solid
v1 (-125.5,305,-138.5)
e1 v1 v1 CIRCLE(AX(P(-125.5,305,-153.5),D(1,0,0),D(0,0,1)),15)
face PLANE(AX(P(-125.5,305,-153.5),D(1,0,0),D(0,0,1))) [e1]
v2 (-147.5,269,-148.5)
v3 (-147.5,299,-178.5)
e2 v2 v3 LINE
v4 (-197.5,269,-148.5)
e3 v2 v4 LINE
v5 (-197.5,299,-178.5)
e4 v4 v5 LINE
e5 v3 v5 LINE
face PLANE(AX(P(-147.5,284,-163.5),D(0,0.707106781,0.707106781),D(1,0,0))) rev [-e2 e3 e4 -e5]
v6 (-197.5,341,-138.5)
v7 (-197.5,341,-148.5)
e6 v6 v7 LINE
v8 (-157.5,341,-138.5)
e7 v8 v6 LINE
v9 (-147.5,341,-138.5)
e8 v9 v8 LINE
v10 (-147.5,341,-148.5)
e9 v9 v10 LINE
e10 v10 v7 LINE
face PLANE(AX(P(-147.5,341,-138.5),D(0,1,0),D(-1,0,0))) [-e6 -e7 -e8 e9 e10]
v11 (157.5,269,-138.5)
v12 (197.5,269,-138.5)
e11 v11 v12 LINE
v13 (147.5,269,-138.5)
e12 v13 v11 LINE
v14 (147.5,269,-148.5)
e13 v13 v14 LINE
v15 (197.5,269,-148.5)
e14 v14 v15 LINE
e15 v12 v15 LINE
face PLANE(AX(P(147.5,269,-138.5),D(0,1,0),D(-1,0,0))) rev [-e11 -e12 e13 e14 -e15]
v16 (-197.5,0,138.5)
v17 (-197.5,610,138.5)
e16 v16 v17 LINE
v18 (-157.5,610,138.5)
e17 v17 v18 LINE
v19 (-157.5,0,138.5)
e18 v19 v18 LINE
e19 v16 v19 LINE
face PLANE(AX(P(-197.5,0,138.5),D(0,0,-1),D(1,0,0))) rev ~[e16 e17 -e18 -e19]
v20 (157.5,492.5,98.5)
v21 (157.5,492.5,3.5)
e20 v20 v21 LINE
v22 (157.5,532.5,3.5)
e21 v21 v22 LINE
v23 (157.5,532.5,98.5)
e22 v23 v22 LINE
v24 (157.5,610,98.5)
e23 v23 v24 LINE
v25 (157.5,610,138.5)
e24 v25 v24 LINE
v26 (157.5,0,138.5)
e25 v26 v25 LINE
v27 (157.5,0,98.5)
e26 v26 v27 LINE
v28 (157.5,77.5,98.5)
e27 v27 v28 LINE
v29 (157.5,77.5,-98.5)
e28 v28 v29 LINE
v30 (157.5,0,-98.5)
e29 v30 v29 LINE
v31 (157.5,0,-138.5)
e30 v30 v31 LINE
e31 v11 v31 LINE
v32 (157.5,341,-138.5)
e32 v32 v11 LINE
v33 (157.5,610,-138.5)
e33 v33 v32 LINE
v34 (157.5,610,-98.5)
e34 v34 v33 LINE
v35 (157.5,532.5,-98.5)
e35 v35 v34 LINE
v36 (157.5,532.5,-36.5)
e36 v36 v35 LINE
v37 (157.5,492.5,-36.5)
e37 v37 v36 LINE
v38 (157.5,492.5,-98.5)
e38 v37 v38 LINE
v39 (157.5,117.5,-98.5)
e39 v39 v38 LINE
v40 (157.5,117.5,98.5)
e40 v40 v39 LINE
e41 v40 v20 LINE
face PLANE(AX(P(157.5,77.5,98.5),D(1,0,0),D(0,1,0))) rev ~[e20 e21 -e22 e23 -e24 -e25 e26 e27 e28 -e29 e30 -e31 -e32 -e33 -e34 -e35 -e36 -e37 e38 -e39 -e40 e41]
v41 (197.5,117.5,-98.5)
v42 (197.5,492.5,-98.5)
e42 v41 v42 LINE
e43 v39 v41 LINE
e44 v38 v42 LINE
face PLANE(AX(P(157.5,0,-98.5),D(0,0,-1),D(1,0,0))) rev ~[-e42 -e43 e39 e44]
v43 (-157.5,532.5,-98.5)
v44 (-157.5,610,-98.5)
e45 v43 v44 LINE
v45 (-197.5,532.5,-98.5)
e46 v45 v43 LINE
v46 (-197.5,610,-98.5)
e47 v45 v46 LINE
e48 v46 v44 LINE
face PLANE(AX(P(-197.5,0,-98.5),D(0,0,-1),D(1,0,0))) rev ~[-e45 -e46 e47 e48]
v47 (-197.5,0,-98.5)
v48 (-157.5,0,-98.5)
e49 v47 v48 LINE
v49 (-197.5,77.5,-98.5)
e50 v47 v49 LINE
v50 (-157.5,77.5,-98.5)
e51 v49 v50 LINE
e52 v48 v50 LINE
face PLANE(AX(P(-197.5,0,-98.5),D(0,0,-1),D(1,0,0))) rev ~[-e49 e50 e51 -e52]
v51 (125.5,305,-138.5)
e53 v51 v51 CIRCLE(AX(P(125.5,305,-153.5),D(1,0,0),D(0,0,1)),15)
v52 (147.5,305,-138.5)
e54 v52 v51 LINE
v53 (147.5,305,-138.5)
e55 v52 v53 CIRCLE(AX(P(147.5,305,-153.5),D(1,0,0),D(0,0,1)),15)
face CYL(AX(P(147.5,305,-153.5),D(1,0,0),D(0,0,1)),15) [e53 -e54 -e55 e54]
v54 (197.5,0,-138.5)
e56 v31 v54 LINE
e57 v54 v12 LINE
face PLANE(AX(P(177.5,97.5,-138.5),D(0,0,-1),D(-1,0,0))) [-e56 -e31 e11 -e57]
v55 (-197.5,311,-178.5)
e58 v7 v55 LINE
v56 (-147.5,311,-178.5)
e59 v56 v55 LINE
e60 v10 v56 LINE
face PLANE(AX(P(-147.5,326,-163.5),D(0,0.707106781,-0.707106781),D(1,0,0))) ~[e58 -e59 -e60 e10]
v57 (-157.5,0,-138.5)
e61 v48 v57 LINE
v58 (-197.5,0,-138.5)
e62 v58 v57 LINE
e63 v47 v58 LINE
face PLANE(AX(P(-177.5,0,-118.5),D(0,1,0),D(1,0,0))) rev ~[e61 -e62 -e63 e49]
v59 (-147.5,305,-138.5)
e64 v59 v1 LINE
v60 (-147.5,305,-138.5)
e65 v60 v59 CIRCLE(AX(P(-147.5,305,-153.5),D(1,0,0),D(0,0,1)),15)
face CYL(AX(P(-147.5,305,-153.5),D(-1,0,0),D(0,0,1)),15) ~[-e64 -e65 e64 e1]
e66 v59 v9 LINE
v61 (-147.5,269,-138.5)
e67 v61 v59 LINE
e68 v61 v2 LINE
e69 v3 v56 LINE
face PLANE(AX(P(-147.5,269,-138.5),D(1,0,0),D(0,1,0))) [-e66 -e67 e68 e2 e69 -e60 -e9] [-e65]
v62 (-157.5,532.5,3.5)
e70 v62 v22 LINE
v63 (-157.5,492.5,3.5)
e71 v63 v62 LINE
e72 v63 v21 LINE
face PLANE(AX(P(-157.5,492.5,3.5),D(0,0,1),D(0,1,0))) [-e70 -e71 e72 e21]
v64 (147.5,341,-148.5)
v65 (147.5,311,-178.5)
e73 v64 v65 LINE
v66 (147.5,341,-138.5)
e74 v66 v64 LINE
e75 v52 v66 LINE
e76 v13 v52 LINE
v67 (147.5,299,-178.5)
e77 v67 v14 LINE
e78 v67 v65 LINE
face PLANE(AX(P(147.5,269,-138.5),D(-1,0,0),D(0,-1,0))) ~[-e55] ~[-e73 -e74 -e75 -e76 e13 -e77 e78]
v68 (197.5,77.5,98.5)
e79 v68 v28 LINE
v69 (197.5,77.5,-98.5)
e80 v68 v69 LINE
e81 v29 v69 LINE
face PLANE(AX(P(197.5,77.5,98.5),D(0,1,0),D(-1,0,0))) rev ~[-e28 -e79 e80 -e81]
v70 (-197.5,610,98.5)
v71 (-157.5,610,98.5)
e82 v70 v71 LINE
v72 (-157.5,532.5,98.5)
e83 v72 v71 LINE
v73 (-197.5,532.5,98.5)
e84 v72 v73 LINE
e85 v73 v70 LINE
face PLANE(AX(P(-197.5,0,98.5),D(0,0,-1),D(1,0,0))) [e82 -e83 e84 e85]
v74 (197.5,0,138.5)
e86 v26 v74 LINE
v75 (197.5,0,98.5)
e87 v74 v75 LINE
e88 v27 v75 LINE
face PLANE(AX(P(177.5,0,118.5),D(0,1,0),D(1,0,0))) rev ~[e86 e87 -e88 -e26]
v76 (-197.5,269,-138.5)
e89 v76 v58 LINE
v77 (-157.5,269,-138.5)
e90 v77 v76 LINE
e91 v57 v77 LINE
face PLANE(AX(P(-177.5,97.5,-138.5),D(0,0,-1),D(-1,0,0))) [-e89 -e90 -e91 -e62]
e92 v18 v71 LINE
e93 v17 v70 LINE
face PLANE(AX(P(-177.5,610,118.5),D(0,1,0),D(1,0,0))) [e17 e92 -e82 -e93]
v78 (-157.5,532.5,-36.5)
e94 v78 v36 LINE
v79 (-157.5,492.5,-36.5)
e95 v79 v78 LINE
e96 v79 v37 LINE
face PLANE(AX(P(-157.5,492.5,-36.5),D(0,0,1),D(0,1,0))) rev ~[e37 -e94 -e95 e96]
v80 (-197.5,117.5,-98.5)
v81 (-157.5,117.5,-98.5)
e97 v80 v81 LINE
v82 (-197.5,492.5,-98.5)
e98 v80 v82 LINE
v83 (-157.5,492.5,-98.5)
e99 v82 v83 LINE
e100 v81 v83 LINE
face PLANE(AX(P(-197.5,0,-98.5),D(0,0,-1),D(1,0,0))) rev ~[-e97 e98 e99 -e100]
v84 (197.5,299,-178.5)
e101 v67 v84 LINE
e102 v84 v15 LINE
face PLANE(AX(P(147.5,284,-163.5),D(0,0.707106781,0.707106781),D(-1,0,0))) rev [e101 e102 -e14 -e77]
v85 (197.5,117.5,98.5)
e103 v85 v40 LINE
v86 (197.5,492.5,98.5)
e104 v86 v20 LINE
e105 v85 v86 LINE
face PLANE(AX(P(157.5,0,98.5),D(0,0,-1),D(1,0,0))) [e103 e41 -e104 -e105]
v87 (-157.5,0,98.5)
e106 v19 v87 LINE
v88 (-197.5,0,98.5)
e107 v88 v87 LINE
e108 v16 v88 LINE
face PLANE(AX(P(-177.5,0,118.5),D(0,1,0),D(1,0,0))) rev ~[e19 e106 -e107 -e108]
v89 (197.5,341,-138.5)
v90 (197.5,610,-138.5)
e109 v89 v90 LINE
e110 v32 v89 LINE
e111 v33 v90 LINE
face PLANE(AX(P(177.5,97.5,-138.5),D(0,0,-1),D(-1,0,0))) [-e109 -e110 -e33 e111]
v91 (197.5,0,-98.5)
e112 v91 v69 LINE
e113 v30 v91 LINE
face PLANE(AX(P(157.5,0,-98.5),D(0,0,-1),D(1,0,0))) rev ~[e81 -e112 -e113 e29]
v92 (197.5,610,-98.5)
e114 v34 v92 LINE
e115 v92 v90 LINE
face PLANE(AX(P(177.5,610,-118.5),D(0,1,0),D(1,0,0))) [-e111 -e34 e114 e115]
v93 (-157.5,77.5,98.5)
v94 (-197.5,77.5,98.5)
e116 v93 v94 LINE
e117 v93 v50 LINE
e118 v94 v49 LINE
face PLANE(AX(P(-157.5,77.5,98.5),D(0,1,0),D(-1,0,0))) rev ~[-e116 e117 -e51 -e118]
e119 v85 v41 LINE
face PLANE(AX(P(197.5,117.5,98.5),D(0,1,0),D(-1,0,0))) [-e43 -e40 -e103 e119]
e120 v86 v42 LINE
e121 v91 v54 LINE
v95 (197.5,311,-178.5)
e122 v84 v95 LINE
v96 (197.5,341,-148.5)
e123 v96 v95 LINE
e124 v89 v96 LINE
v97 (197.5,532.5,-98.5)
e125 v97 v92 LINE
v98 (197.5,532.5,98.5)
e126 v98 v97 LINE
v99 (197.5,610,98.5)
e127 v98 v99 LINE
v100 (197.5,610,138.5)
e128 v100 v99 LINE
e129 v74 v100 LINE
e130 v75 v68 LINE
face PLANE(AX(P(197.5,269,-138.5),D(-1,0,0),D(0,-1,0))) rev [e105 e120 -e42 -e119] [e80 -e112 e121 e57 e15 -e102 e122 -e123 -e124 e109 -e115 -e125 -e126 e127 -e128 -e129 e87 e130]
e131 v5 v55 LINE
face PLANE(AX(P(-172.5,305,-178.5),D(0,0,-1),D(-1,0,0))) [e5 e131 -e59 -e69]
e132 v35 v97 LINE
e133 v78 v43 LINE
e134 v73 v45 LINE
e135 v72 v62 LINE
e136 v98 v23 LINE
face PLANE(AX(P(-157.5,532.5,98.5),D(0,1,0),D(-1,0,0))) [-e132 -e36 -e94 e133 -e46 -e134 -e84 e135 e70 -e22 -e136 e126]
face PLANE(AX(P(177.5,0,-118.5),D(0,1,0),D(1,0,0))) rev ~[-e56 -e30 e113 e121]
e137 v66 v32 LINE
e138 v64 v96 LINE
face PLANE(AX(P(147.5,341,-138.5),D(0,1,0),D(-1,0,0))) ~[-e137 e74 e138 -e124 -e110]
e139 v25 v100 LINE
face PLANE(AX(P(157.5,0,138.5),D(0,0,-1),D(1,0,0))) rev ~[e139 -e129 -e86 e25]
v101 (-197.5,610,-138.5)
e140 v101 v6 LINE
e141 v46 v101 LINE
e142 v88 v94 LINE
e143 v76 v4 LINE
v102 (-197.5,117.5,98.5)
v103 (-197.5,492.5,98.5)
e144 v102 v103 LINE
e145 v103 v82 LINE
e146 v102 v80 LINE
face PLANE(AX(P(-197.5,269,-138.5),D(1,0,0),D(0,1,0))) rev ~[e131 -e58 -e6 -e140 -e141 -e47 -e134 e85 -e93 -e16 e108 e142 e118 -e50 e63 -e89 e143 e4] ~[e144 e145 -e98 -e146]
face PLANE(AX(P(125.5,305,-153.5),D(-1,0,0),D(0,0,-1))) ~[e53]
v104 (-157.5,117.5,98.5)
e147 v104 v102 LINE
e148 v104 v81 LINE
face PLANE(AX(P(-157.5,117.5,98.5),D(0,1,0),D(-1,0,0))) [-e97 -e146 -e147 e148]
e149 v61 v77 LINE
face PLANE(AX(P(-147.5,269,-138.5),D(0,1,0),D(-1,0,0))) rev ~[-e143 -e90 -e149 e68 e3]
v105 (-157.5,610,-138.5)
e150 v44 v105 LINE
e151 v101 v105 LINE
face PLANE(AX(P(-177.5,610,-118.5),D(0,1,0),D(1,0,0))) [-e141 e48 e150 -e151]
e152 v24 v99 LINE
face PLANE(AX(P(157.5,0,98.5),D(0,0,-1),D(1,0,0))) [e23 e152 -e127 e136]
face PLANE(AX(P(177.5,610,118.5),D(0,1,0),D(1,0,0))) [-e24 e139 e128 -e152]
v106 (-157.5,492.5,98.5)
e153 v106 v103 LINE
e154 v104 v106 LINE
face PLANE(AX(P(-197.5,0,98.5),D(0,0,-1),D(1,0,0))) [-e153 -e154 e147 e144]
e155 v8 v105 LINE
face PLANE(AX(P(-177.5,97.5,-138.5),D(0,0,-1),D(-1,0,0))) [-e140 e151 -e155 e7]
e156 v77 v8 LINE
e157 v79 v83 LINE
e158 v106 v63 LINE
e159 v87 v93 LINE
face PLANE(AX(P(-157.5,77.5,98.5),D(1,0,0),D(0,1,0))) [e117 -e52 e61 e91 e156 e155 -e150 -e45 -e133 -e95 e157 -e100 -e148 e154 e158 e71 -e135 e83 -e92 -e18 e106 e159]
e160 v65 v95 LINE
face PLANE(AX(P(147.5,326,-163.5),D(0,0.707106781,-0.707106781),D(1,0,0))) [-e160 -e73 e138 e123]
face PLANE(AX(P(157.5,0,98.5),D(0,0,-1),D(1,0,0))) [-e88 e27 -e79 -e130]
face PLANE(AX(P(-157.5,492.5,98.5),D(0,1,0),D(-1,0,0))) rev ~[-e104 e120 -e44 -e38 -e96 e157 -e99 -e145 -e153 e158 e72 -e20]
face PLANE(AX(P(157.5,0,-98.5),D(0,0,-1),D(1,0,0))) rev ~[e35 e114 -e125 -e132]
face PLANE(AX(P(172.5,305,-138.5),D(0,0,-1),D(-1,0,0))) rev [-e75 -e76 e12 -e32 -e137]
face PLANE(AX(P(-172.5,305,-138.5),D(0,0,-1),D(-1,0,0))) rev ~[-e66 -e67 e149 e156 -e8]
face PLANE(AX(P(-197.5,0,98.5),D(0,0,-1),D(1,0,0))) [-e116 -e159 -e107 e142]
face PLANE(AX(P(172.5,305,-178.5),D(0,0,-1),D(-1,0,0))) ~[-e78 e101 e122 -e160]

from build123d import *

# Parameters (mm, degrees)
SKETCH1_W                = 40
SKETCH1_H                = 40
BOSS_EXTRUDE1_DEPTH      = 610
BOSS_EXTRUDE1_2_DEPTH    = 610
BOSS_EXTRUDE1_3_DEPTH    = 610
BOSS_EXTRUDE1_4_DEPTH    = 610
SKETCH2_W                = 40
SKETCH2_H                = 40
BOSS_EXTRUDE2_DEPTH      = 237
BOSS_EXTRUDE3_REACH      = 721.241
SKETCH3_W                = 40
SKETCH3_H                = 40
SKETCH4_W                = 50
SKETCH4_H                = 72
BOSS_EXTRUDE4_DEPTH      = 40
CHAMFER1_SIZE            = 30
SKETCH5_R                = 15
BOSS_EXTRUDE5_DEPTH      = 22
CHAMFER1_OF_MIRROR1_SIZE = 30


with BuildPart() as part:
    # Sketch1 → Boss-Extrude1 (new body)
    with BuildSketch(Plane(origin=(0, 0, 0), x_dir=(1, 0, 0), z_dir=(0, 1, 0))):
        with Locations((-177.5, 118.5)):
            Rectangle(SKETCH1_W, SKETCH1_H)
    extrude(amount=BOSS_EXTRUDE1_DEPTH)



with BuildPart() as body_2:
    # Sketch1 → Boss-Extrude1 2 (new body)
    with BuildSketch(Plane(origin=(0, 0, 0), x_dir=(1, 0, 0), z_dir=(0, 1, 0))):
        with Locations((177.5, 118.5)):
            Rectangle(SKETCH1_W, SKETCH1_H)
    extrude(amount=BOSS_EXTRUDE1_2_DEPTH)


with BuildPart() as body_3:
    # Sketch1 → Boss-Extrude1 3 (new body)
    with BuildSketch(Plane(origin=(0, 0, 0), x_dir=(1, 0, 0), z_dir=(0, 1, 0))):
        with Locations((177.5, -118.5)):
            Rectangle(SKETCH1_W, SKETCH1_H)
    extrude(amount=BOSS_EXTRUDE1_3_DEPTH)


with BuildPart() as body_4:
    # Sketch1 → Boss-Extrude1 4 (new body)
    with BuildSketch(Plane(origin=(0, 0, 0), x_dir=(1, 0, 0), z_dir=(0, 1, 0))):
        with Locations((-177.5, -118.5)):
            Rectangle(SKETCH1_W, SKETCH1_H)
    extrude(amount=BOSS_EXTRUDE1_4_DEPTH)


with BuildPart() as part_1:
    add(part.part)

    add(body_2.part)  # Boss-Extrude2 merges body 2

    add(body_3.part)  # Boss-Extrude2 merges body 3

    add(body_4.part)  # Boss-Extrude2 merges body 4
    # Sketch2 → Boss-Extrude2 (add)
    with BuildSketch(Plane(origin=(0, 0, 98.5), x_dir=(-1, 0, 0), z_dir=(0, 0, -1))):
        with Locations((177.5, 97.5)):
            Rectangle(SKETCH2_W, SKETCH2_H)
        with Locations((-177.5, 97.5)):
            Rectangle(SKETCH2_W, SKETCH2_H)
        with Locations((-177.5, 512.5)):
            Rectangle(SKETCH2_W, SKETCH2_H)
        with Locations((177.5, 512.5)):
            Rectangle(SKETCH2_W, SKETCH2_H)
    extrude(amount=BOSS_EXTRUDE2_DEPTH)

    # Sketch3 → Boss-Extrude3 (add, up to next)
    with BuildSketch(Plane(origin=(-157.5, 0, 0), x_dir=(0, 0, -1), z_dir=(1, 0, 0)), mode=Mode.PRIVATE) as boss_extrude3_sk1:
        with Locations((16.5, 512.5)):
            Rectangle(SKETCH3_W, SKETCH3_H)
    boss_extrude3_tool1 = extrude(boss_extrude3_sk1.sketch, amount=BOSS_EXTRUDE3_REACH, mode=Mode.PRIVATE) - part_1.part
    add(boss_extrude3_tool1.solids().sort_by_distance((-157.5, 512.5, -16.5))[0])

    # Sketch4 → Boss-Extrude4 (add)
    with BuildSketch(Plane(origin=(0, 0, -138.5), x_dir=(-1, 0, 0), z_dir=(0, 0, -1))):
        with Locations((172.5, 305)):
            Rectangle(SKETCH4_W, SKETCH4_H)
    boss_extrude4 = extrude(amount=BOSS_EXTRUDE4_DEPTH)

    # Chamfer1
    chamfer1_edges = [part_1.edges().sort_by_distance(p)[0] for p in [
        (-172.5, 341, -178.5),
        (-172.5, 269, -178.5),
    ]]
    chamfer(chamfer1_edges, length=CHAMFER1_SIZE)

    # Sketch5 → Boss-Extrude5 (add)
    with BuildSketch(Plane(origin=(-147.5, 0, 0), x_dir=(0, 0, -1), z_dir=(1, 0, 0))):
        with Locations(Location((153.5, 305, 0), (0, 0, 180))):
            Circle(SKETCH5_R)
    boss_extrude5 = extrude(amount=BOSS_EXTRUDE5_DEPTH)

    # Mirror1: Boss-Extrude4, Boss-Extrude5 across plane
    add(boss_extrude4.mirror(Plane(origin=(0, 0, 0), x_dir=(0, 0, 1), z_dir=(1, 0, 0))))
    add(boss_extrude5.mirror(Plane(origin=(0, 0, 0), x_dir=(0, 0, 1), z_dir=(1, 0, 0))))

    # Chamfer1 of Mirror1
    chamfer1_of_mirror1_edges = [part_1.edges().sort_by_distance(p)[0] for p in [
        (172.5, 341, -178.5),
        (172.5, 269, -178.5),
    ]]
    chamfer(chamfer1_of_mirror1_edges, length=CHAMFER1_OF_MIRROR1_SIZE)


solid = part_1.part
